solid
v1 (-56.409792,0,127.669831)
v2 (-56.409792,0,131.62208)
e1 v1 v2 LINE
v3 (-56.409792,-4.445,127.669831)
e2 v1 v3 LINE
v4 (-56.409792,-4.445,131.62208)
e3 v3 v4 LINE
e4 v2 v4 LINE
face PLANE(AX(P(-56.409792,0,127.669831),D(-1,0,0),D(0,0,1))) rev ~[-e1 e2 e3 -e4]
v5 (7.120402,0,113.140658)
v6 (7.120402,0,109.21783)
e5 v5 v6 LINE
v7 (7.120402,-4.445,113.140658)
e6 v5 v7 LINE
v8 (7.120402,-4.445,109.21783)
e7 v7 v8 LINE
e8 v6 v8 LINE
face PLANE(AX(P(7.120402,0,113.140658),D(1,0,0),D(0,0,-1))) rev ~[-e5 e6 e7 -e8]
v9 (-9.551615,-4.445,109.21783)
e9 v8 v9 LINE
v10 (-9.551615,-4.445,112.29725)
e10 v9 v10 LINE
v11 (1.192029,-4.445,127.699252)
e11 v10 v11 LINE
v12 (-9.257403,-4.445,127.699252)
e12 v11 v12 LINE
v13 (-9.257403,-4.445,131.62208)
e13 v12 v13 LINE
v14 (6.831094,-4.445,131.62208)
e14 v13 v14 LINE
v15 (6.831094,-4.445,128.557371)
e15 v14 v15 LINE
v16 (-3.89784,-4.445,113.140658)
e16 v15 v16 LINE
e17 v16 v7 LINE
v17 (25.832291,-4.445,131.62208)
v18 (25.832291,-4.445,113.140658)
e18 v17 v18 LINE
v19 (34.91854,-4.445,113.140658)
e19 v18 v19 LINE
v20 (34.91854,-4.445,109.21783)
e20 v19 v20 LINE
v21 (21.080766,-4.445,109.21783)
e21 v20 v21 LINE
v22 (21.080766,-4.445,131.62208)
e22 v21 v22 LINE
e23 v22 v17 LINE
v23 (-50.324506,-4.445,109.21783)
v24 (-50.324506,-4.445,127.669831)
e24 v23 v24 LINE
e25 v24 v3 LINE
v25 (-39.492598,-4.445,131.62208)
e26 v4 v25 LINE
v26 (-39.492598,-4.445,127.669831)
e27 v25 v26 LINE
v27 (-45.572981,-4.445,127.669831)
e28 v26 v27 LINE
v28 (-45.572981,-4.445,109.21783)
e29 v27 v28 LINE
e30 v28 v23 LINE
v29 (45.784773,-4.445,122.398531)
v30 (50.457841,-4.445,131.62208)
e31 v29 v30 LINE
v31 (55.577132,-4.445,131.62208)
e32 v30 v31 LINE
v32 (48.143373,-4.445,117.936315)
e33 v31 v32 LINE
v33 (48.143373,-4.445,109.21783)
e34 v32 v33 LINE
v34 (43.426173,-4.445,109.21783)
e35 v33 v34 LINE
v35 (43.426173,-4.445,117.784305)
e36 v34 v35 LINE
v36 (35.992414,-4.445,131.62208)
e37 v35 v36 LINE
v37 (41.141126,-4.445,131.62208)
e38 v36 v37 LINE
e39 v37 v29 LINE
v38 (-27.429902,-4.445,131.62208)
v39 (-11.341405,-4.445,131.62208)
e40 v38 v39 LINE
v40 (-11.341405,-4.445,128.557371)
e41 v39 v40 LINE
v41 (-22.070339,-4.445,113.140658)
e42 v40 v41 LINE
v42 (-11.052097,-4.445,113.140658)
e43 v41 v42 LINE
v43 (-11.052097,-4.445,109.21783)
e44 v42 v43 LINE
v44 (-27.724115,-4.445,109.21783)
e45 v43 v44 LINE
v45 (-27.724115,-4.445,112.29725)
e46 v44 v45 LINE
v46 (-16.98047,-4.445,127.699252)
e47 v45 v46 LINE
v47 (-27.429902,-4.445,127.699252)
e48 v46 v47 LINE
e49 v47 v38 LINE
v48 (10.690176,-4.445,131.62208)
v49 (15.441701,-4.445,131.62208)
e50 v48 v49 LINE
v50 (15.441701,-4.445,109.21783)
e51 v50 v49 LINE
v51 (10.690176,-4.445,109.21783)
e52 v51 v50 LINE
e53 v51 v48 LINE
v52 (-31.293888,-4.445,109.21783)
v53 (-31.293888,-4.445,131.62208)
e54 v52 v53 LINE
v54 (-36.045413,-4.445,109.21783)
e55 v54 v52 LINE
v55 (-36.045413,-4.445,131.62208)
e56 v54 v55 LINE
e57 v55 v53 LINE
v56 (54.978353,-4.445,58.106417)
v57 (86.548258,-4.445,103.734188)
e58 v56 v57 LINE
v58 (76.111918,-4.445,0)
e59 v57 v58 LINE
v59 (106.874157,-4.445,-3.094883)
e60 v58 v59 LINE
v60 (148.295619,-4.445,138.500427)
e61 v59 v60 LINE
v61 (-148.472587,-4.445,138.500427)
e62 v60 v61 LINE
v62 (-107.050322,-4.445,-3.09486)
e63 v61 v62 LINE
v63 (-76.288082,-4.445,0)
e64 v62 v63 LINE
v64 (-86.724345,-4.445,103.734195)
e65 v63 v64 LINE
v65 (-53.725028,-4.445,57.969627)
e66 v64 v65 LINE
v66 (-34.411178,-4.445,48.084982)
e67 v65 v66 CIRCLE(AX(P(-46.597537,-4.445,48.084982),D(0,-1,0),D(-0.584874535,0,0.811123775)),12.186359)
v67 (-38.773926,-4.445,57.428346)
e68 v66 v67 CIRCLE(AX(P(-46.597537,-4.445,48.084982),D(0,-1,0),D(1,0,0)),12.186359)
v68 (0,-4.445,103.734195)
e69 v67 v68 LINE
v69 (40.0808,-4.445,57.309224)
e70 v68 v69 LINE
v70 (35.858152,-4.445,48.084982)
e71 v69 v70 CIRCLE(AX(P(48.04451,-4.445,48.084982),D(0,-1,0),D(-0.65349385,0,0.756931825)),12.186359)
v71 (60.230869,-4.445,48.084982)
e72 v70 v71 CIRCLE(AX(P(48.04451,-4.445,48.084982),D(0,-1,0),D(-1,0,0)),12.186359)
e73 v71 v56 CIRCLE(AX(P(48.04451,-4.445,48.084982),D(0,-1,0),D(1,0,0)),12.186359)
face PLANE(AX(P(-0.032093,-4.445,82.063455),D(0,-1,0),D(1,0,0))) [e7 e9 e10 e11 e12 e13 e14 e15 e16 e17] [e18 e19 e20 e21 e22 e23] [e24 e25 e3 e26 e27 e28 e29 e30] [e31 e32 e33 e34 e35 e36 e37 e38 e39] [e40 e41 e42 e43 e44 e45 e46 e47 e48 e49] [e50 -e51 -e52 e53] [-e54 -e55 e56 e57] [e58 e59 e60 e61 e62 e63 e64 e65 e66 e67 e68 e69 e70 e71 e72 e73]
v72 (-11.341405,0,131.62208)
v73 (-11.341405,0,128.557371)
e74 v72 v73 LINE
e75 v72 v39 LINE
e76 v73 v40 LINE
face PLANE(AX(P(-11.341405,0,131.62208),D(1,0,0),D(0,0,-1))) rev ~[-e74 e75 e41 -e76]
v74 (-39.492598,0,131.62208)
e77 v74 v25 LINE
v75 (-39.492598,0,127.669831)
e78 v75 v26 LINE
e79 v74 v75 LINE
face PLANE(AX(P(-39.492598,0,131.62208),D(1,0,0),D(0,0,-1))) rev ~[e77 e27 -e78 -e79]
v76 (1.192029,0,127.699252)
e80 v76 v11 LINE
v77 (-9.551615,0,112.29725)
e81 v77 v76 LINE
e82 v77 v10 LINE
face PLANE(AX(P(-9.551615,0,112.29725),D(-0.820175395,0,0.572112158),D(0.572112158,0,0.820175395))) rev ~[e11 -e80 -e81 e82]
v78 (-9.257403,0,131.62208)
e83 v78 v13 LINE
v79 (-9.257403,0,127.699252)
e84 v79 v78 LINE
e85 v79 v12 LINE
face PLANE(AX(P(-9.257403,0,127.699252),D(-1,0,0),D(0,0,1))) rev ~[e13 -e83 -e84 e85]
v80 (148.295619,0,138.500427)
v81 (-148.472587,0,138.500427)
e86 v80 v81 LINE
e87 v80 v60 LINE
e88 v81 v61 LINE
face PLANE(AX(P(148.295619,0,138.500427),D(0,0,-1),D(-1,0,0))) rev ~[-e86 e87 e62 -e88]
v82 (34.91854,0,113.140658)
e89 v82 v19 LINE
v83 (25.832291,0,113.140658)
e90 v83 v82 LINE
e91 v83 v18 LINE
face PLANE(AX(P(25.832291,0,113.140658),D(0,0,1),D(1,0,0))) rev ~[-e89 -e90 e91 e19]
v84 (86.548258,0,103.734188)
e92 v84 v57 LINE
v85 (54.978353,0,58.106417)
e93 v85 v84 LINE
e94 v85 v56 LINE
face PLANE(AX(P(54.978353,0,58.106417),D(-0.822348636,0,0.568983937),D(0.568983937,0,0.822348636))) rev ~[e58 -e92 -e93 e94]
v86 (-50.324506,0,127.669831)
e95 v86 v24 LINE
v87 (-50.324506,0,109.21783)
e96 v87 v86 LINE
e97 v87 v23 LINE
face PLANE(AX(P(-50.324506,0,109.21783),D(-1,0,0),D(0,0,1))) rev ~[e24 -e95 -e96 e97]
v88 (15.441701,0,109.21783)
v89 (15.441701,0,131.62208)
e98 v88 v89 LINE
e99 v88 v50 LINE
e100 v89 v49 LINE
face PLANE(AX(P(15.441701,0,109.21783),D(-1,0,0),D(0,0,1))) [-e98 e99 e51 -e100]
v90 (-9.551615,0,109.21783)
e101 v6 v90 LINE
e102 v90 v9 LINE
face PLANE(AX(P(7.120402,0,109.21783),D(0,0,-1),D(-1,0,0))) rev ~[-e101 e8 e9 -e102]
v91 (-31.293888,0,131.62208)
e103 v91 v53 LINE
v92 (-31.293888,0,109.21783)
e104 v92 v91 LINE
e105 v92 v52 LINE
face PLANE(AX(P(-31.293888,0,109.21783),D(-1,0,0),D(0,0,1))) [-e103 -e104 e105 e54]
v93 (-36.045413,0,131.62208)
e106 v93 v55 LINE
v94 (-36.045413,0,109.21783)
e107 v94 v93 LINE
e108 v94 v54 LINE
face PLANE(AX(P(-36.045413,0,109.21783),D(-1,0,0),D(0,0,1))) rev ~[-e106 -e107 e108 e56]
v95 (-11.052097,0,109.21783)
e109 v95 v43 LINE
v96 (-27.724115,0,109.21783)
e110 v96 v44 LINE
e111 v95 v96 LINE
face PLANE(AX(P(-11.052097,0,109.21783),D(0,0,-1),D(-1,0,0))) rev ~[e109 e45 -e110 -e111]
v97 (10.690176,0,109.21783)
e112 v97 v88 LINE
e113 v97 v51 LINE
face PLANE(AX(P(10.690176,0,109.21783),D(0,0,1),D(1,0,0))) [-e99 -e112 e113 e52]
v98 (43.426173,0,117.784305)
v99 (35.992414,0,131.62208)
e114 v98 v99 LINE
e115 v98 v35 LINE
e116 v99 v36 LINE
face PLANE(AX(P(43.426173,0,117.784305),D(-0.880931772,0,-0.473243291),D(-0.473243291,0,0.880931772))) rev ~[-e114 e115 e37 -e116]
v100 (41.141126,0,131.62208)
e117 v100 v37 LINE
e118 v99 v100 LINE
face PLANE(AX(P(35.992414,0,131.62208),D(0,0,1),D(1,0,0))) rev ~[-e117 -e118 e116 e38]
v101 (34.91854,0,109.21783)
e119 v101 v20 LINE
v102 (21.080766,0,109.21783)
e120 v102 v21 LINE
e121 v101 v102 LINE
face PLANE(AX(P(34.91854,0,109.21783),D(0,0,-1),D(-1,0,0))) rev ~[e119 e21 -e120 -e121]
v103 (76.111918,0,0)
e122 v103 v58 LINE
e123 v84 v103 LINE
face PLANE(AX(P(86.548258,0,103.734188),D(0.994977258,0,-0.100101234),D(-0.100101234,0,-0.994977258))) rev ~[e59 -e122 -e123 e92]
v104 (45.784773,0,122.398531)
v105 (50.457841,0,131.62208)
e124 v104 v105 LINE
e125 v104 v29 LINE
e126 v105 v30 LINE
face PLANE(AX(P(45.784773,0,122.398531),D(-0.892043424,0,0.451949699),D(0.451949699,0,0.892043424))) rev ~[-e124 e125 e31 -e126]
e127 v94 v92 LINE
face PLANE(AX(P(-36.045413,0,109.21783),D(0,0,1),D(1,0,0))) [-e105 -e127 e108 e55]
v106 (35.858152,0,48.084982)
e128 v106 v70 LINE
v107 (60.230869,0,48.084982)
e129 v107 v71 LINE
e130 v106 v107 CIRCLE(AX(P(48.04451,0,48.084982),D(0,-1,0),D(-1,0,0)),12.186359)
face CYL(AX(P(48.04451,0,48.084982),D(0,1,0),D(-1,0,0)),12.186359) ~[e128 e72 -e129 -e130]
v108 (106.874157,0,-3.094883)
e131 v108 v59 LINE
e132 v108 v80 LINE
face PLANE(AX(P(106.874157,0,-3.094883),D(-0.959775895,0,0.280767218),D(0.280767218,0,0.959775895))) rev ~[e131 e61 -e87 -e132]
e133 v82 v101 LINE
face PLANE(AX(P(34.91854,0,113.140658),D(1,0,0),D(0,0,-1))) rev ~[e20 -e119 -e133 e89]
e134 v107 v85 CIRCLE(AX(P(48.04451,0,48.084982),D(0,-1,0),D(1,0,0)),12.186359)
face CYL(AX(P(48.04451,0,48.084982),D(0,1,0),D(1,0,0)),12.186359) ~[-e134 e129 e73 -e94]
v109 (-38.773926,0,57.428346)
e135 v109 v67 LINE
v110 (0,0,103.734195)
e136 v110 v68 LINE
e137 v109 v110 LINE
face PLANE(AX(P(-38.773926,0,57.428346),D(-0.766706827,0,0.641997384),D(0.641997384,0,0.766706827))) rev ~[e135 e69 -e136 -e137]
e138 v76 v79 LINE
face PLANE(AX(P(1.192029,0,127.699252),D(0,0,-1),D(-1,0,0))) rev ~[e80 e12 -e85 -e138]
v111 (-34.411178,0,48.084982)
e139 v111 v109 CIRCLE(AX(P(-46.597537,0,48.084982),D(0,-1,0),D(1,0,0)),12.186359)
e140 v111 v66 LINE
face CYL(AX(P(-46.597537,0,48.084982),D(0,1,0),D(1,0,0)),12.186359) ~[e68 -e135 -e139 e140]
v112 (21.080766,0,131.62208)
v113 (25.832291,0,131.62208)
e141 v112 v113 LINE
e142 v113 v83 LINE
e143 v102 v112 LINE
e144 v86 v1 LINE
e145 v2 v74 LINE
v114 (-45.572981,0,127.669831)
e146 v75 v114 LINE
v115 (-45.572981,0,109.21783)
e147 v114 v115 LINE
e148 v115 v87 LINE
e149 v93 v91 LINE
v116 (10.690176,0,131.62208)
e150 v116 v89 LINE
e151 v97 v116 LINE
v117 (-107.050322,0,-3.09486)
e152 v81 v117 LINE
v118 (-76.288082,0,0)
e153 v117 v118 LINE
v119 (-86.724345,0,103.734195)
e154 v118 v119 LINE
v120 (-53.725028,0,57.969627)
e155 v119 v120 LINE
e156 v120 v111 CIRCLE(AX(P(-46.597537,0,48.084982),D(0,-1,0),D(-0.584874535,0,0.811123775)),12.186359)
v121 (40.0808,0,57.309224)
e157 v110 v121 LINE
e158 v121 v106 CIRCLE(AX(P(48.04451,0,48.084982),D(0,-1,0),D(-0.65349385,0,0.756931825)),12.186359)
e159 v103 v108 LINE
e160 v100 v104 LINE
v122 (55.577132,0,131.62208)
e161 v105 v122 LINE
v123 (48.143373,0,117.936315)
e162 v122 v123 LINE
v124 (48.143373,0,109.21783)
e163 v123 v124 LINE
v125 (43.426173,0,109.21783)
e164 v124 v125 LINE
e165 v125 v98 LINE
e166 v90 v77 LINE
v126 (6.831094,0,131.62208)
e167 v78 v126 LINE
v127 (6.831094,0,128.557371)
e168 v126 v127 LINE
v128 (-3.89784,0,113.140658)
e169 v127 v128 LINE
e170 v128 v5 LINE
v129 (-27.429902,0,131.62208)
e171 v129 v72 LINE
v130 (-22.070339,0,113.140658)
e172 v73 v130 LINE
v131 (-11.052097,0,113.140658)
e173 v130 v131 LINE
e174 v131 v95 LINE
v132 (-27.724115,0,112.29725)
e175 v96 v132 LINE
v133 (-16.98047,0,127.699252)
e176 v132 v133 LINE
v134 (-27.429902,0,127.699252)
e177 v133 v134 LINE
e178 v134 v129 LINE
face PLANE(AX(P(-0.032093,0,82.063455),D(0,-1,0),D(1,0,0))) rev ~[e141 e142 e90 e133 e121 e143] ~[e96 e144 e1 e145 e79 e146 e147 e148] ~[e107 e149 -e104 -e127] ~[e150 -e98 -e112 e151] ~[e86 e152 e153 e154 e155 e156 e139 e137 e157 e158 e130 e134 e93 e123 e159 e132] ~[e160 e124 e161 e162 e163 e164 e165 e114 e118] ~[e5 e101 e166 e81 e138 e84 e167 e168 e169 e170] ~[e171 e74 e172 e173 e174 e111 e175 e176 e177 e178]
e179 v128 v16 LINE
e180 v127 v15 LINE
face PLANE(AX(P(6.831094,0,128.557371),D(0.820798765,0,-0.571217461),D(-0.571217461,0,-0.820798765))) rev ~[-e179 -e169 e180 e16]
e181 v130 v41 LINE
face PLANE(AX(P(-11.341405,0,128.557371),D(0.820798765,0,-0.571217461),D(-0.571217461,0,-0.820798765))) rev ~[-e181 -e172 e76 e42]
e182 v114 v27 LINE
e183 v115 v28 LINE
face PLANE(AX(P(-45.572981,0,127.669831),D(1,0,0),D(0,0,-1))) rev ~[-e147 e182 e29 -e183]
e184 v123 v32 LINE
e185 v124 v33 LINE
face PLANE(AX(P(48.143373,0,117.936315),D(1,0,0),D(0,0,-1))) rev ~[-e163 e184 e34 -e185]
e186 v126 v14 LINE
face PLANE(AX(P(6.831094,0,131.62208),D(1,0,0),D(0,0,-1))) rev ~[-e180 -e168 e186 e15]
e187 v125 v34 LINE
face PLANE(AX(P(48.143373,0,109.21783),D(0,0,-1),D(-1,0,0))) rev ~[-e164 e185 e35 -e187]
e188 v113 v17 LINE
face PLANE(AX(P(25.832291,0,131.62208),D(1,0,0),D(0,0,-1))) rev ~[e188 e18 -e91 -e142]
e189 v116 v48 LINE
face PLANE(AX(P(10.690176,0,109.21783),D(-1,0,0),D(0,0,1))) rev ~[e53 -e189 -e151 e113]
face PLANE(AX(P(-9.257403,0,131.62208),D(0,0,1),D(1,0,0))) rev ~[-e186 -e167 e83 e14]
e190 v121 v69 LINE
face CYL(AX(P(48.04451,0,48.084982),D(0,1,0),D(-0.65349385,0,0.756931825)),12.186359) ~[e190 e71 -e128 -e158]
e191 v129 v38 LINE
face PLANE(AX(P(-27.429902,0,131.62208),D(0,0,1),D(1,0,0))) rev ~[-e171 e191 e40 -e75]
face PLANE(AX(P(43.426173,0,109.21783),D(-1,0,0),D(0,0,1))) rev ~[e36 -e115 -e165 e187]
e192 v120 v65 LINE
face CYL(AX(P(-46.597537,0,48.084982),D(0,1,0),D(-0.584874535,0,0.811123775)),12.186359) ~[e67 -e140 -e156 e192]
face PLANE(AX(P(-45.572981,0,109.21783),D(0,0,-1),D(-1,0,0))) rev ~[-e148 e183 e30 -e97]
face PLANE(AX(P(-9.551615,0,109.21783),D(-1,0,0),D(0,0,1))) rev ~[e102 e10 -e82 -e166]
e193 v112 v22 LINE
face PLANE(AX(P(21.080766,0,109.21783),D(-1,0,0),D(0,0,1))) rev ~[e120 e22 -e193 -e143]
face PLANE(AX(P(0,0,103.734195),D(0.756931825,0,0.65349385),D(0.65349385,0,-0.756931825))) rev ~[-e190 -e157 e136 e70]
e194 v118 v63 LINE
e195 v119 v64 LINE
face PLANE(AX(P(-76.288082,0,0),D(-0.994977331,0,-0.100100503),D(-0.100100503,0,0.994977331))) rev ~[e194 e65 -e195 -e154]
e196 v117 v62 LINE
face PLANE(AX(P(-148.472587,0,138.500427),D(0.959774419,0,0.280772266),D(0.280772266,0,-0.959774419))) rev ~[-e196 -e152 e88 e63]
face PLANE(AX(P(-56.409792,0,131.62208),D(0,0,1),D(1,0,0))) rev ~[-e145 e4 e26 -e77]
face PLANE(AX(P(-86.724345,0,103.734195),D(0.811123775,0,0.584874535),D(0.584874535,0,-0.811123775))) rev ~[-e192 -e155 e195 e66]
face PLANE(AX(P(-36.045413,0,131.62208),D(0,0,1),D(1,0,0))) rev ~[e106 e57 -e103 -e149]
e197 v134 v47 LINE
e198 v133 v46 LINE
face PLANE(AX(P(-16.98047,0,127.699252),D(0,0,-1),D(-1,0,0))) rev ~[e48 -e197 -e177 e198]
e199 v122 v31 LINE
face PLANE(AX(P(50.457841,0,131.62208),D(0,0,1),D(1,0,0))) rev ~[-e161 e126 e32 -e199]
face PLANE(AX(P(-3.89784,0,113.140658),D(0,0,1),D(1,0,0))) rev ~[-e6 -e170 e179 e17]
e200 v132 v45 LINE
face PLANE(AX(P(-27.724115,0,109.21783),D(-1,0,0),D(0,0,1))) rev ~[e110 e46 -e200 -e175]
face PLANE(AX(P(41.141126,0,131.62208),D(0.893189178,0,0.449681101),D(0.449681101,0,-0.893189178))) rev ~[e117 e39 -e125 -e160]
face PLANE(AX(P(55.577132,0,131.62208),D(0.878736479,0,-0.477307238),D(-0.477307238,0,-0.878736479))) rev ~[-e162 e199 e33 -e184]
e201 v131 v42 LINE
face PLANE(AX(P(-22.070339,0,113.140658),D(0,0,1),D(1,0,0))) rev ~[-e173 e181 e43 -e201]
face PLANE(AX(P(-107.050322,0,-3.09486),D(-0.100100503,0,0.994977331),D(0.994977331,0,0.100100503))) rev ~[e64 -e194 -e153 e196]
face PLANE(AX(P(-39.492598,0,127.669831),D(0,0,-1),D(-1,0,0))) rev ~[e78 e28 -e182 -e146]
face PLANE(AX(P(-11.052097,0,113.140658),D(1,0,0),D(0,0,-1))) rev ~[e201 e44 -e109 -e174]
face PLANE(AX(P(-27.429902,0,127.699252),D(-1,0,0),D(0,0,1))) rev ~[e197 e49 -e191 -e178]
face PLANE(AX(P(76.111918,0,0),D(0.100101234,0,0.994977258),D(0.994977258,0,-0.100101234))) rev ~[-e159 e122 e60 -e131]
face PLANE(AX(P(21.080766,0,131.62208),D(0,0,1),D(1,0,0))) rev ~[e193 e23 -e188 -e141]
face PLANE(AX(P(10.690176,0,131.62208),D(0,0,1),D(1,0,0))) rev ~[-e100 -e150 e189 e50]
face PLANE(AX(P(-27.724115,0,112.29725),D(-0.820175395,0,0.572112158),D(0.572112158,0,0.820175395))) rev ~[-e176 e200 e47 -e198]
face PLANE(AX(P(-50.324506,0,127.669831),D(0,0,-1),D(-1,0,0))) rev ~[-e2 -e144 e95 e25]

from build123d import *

# Parameters (mm, degrees)
F0_W     = 4.7515250481
F0_H     = 22.4042496848
F1_DEPTH = 4.445


with BuildPart() as f1:
    # F0 (on Front) → F1 (new body)
    with BuildSketch(Plane.XZ):
        with BuildLine():
            Line((-107.0503221856, -3.0948602284), (-76.2880815111, 0))
            Line((-76.2880815111, 0), (-86.7243445437, 103.7341952324))
            Line((-86.7243445437, 103.7341952324), (-53.7250275092, 57.9696269721))
            ThreePointArc((-53.7250275092, 57.9696269721), (-46.1566377564, 60.2633619864), (-38.773926276, 57.4283461196))
            Line((-38.773926276, 57.4283461196), (0, 103.7341952324))
            Line((0, 103.7341952324), (40.0807997492, 57.3092244379))
            ThreePointArc((40.0807997492, 57.3092244379), (47.3933296143, 60.2539299742), (54.9783525161, 58.1064171563))
            Line((54.9783525161, 58.1064171563), (86.548257701, 103.7341875683))
            Line((86.548257701, 103.7341875683), (76.1119184889, 0))
            Line((76.1119184889, 0), (106.8741568907, -3.0948828193))
            Line((106.8741568907, -3.0948828193), (148.2956194489, 138.5004273575))
            Line((148.2956194489, 138.5004273575), (-148.4725865748, 138.5004273575))
            Line((-148.4725865748, 138.5004273575), (-107.0503221856, -3.0948602284))
        make_face()
        Polygon((-45.5729805496, 127.6698307823), (-45.5729805496, 109.2178300023), (-50.3245055976, 109.2178300023), (-50.3245055976, 127.6698307823), (-56.4097920627, 127.6698307823), (-56.4097920627, 131.6220796871), (-39.4925976191, 131.6220796871), (-39.4925976191, 127.6698307823), align=None, mode=Mode.SUBTRACT)
        with Locations((-33.6696502563, 120.4199548447)):
            Rectangle(F0_W, F0_H, mode=Mode.SUBTRACT)
        Polygon((-11.0520968155, 113.1406576994), (-11.0520968155, 109.2178300023), (-27.724114528, 109.2178300023), (-27.724114528, 112.2972497445), (-16.9804701727, 127.69925199), (-27.4299024507, 127.69925199), (-27.4299024507, 131.6220796871), (-11.3414053582, 131.6220796871), (-11.3414053582, 128.5573705488), (-22.0703391096, 113.1406576994), align=None, mode=Mode.SUBTRACT)
        Polygon((7.120402491, 113.1406576994), (7.120402491, 109.2178300023), (-9.5516152214, 109.2178300023), (-9.5516152214, 112.2972497445), (1.1920291339, 127.69925199), (-9.2574031441, 127.69925199), (-9.2574031441, 131.6220796871), (6.8310939484, 131.6220796871), (6.8310939484, 128.5573705488), (-3.8978398031, 113.1406576994), align=None, mode=Mode.SUBTRACT)
        with Locations((13.0659382194, 120.4199548447)):
            Rectangle(F0_W, F0_H, mode=Mode.SUBTRACT)
        Polygon((34.9185402592, 109.2178300023), (21.0807655579, 109.2178300023), (21.0807655579, 131.6220796871), (25.832290606, 131.6220796871), (25.832290606, 113.1406576994), (34.9185402592, 113.1406576994), align=None, mode=Mode.SUBTRACT)
        Polygon((41.1411256937, 131.6220796871), (45.7847729801, 122.3985310644), (50.4578414742, 131.6220796871), (55.5771316188, 131.6220796871), (48.1433731329, 117.936314559), (48.1433731329, 109.2178300023), (43.4261728272, 109.2178300023), (43.4261728272, 117.7843049857), (35.9924143413, 131.6220796871), align=None, mode=Mode.SUBTRACT)
        with BuildLine():
            Line((-46.5975366533, 48.0849817395), (-53.7250275092, 57.9696269721))
            ThreePointArc((-53.7250275092, 57.9696269721), (-52.1495262693, 37.2368137569), (-34.411177998, 48.0849817395))
            Line((-34.411177998, 48.0849817395), (-46.5975366533, 48.0849817395))
        make_face()
        with BuildLine():
            ThreePointArc((-38.773926276, 57.4283461196), (-46.1566377564, 60.2633619864), (-53.7250275092, 57.9696269721))
            Line((-53.7250275092, 57.9696269721), (-46.5975366533, 48.0849817395))
            Line((-46.5975366533, 48.0849817395), (-38.773926276, 57.4283461196))
        make_face()
        with BuildLine():
            Line((-38.773926276, 57.4283461196), (-46.5975366533, 48.0849817395))
            Line((-46.5975366533, 48.0849817395), (-34.411177998, 48.0849817395))
            ThreePointArc((-34.411177998, 48.0849817395), (-35.555601603, 53.240852919), (-38.773926276, 57.4283461196))
        make_face()
        with BuildLine():
            ThreePointArc((60.230868841, 48.0849817395), (58.838157085, 53.7422358339), (54.9783525161, 58.1064171563))
            Line((54.9783525161, 58.1064171563), (48.0445101857, 48.0849817395))
            Line((48.0445101857, 48.0849817395), (35.8581515305, 48.0849817395))
            ThreePointArc((35.8581515305, 48.0849817395), (48.0445101857, 35.8986230843), (60.230868841, 48.0849817395))
        make_face()
        with BuildLine():
            Line((48.0445101857, 48.0849817395), (54.9783525161, 58.1064171563))
            ThreePointArc((54.9783525161, 58.1064171563), (47.3933296143, 60.2539299742), (40.0807997492, 57.3092244379))
            Line((40.0807997492, 57.3092244379), (48.0445101857, 48.0849817395))
        make_face()
        with BuildLine():
            Line((48.0445101857, 48.0849817395), (40.0807997492, 57.3092244379))
            ThreePointArc((40.0807997492, 57.3092244379), (36.9639874345, 53.1573926884), (35.8581515305, 48.0849817395))
            Line((35.8581515305, 48.0849817395), (48.0445101857, 48.0849817395))
        make_face()
    extrude(amount=F1_DEPTH)


solid = f1.part
